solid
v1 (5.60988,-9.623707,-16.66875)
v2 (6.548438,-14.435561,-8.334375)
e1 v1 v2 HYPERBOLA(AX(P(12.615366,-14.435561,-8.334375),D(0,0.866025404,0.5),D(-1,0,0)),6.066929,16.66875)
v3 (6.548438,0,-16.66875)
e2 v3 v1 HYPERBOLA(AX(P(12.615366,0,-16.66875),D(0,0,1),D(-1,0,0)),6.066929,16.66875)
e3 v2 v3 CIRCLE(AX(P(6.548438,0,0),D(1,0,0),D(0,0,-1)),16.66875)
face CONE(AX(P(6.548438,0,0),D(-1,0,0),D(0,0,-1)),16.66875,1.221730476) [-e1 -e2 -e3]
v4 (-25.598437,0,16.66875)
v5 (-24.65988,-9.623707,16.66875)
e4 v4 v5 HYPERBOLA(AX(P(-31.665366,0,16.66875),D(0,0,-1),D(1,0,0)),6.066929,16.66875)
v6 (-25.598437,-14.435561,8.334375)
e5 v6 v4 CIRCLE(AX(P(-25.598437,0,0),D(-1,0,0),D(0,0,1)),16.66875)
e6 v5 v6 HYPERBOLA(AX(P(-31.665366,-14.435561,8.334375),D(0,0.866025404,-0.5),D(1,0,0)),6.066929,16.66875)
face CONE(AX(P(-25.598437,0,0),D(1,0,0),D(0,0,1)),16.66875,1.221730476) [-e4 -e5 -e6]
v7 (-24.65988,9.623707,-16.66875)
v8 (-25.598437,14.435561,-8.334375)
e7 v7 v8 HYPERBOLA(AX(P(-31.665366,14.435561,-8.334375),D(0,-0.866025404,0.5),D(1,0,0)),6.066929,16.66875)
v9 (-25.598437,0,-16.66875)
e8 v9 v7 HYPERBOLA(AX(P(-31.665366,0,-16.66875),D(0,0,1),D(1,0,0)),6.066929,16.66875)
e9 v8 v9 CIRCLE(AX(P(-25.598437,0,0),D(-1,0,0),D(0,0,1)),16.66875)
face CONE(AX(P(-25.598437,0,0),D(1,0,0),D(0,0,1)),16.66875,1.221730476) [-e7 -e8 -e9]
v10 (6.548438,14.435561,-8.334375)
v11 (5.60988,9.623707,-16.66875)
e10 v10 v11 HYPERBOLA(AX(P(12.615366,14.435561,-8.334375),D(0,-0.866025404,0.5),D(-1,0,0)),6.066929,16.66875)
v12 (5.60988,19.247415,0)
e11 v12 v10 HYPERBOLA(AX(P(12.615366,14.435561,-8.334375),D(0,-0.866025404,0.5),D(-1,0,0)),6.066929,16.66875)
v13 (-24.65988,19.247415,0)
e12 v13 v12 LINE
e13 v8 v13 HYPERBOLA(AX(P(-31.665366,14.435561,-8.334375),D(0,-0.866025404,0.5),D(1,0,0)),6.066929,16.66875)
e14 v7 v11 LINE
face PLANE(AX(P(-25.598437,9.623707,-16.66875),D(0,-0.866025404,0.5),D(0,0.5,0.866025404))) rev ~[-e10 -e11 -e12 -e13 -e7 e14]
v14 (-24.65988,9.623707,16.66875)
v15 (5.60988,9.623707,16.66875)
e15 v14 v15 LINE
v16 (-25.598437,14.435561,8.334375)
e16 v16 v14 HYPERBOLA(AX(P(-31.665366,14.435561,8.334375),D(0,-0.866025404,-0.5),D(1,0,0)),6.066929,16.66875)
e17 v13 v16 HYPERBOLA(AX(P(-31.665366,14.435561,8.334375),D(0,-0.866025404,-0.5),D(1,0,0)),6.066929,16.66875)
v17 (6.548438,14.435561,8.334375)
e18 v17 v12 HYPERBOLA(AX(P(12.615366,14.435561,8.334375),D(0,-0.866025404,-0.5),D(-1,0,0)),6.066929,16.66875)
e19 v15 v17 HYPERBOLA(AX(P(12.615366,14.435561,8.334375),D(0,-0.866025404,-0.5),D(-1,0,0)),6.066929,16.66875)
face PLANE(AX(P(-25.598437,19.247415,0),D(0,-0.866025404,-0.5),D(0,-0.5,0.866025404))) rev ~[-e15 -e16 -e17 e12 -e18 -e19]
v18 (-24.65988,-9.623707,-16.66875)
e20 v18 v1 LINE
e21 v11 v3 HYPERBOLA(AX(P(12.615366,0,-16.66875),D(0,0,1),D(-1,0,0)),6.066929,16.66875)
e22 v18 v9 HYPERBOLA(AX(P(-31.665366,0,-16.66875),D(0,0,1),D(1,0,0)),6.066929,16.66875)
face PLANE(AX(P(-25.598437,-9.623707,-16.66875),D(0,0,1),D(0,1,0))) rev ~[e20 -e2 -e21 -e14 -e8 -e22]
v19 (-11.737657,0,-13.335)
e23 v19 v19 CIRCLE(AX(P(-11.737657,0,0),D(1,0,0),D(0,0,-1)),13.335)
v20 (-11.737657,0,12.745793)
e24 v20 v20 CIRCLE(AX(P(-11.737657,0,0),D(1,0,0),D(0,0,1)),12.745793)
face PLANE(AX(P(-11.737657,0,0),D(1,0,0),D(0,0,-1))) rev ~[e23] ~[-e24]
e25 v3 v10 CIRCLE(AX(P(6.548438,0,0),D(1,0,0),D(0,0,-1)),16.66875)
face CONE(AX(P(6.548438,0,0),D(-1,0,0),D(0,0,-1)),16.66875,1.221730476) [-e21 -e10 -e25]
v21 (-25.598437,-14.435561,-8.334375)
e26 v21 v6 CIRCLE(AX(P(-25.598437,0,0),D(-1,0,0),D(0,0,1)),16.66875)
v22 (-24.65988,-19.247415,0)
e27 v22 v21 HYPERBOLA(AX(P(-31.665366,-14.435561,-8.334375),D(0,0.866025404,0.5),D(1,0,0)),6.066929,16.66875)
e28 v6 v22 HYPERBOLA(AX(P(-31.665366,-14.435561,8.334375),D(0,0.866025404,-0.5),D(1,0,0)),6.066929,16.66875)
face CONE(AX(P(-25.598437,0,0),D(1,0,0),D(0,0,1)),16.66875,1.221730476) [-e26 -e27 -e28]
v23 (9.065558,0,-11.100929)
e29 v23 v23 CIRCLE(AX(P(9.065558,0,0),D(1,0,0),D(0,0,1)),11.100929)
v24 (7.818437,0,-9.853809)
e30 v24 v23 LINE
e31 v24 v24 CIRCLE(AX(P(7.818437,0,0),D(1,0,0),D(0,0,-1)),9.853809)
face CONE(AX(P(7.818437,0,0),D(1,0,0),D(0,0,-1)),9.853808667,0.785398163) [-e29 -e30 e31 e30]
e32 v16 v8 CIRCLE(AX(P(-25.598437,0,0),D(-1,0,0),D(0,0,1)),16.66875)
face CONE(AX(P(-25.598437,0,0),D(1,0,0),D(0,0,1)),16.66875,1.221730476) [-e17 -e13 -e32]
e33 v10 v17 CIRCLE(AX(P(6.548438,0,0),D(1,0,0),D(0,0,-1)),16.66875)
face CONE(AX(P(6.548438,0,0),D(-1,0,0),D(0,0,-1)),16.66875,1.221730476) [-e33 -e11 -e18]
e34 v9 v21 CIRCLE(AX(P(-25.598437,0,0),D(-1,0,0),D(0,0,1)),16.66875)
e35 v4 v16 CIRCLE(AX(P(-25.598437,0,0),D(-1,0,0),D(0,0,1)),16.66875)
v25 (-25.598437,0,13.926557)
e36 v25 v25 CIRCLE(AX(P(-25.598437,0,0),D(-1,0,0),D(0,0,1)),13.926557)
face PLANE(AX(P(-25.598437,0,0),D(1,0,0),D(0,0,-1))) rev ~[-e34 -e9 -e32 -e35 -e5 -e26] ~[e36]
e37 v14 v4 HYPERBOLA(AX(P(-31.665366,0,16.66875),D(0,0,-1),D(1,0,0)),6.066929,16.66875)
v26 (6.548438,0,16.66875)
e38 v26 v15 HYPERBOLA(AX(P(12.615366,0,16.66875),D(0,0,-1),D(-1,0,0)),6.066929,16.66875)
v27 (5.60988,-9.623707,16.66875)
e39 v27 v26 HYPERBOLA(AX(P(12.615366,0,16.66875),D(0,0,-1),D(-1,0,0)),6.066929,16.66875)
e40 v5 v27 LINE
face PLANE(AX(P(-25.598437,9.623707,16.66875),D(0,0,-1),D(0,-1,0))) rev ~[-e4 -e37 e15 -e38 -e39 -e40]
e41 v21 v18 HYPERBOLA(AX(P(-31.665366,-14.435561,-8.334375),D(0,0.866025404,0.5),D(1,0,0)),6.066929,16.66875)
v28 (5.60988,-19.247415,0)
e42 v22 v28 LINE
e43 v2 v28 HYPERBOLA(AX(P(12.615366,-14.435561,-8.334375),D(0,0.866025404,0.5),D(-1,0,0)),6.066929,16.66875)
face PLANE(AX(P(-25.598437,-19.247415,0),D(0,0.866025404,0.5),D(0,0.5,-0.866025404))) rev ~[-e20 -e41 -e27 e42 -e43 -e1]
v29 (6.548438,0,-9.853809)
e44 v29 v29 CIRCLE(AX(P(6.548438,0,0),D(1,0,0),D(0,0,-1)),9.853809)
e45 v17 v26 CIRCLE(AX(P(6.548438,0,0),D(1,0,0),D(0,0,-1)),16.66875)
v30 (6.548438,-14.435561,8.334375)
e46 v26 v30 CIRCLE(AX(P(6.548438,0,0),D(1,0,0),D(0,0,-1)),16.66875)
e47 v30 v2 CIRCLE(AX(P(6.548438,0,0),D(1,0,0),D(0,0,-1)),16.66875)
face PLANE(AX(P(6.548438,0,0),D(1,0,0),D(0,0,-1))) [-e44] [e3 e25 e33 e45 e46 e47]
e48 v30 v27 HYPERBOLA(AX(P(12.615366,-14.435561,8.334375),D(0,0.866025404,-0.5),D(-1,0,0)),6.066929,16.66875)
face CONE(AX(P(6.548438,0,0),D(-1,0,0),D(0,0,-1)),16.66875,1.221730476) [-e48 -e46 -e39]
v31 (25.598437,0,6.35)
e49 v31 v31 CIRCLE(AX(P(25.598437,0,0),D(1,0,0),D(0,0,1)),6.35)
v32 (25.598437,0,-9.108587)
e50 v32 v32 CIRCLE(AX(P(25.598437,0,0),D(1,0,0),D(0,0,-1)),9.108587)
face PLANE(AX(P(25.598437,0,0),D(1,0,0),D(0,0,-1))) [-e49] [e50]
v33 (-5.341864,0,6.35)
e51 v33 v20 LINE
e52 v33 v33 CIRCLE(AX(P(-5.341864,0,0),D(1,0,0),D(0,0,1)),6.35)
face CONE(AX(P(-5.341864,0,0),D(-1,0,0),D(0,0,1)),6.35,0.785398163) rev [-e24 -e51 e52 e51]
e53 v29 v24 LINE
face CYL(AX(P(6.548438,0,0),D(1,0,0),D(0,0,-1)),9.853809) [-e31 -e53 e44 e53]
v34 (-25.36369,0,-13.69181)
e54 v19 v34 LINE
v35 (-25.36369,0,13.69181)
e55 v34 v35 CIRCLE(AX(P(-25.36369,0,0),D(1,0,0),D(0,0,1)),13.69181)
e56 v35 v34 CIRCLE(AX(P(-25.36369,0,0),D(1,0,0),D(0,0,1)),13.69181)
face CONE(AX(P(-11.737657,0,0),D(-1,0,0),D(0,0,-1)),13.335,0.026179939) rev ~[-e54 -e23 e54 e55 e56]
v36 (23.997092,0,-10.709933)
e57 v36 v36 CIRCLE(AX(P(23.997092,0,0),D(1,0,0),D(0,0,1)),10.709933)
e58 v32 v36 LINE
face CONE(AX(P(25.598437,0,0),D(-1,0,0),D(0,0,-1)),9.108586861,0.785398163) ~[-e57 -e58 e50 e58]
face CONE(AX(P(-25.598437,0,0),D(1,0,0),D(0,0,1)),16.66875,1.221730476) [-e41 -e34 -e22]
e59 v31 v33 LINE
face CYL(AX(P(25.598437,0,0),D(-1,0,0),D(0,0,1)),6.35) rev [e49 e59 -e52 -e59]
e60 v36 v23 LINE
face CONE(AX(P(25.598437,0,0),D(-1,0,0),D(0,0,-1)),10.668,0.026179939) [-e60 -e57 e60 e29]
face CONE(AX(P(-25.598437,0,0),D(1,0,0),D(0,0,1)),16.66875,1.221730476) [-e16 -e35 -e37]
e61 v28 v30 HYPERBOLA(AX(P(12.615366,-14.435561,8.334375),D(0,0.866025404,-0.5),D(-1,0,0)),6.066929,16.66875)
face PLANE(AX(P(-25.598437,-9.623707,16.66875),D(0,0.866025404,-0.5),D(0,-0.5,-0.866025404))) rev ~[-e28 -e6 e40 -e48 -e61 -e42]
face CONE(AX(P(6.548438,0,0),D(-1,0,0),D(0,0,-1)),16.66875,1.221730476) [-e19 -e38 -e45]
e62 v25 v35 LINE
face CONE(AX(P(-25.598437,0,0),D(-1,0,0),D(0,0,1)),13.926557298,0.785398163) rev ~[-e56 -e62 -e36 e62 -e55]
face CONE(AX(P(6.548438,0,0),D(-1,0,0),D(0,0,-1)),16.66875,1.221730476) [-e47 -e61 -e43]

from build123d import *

# Parameters (mm, degrees)
EXTRUDE1_DEPTH     = 32.146875
SKETCH3_OUTSIDE_W  = 278.22
SKETCH3_OUTSIDE_H  = 283.376
SKETCH3_OUTSIDE_R  = 16.66875
CUT_EXTRUDE1_DEPTH = 42.008923024
CUT_EXTRUDE1_DRAFT = -70
SKETCH4_OUTSIDE_W  = 278.22
SKETCH4_OUTSIDE_H  = 283.376
SKETCH4_OUTSIDE_R  = 16.66875
CUT_EXTRUDE2_DEPTH = 42.008923024
CUT_EXTRUDE2_DRAFT = -70
SKETCH5_R          = 10.668
EXTRUDE2_DEPTH     = 19.05
EXTRUDE2_DRAFT     = 1.5
SKETCH7_R          = 13.335
CUT_EXTRUDE4_DEPTH = 46.191749083
CUT_EXTRUDE4_DRAFT = 1.5
SKETCH12_W         = 6.35
SKETCH12_H         = 19.247414599
SKETCH15_R         = 13.926557298
CUT_EXTRUDE7_DEPTH = 5.08
CUT_EXTRUDE7_DRAFT = -45


with BuildPart() as part:
    # Sketch2 → Extrude1 (new body)
    with BuildSketch(Plane(origin=(-25.5984375, 0, 0), x_dir=(0, 0, -1), z_dir=(1, 0, 0))):
        Polygon((0, 19.247414599), (-16.66875, 9.6237073), (-16.66875, -9.6237073), (0, -19.247414599), (16.66875, -9.6237073), (16.66875, 9.6237073), align=None)
    extrude(amount=EXTRUDE1_DEPTH)


with BuildPart() as cut_extrude1_tool:
    # Sketch3 outside → Cut-Extrude1 (with draft: the straight prism first)
    with BuildSketch(Plane(origin=(6.5484375, 0, 0), x_dir=(0, 0, -1), z_dir=(1, 0, 0))):
        Rectangle(SKETCH3_OUTSIDE_W, SKETCH3_OUTSIDE_H)
        Circle(SKETCH3_OUTSIDE_R, mode=Mode.SUBTRACT)
    extrude(amount=-CUT_EXTRUDE1_DEPTH)
    # Cut-Extrude1: the draft: its side faces are tilted about the plane it starts from
    cut_extrude1_sides = [cut_extrude1_tool.faces().sort_by_distance(p)[0] for p in [
        (-14.456024012, -141.688, 0),
        (-14.456024012, 0, -139.11),
        (-14.456024012, 141.688, 0),
        (-14.456024012, 0, 139.11),
        (-14.456024012, 0, 16.66875),
    ]]
    draft(cut_extrude1_sides, Plane(origin=(6.5484375, 0, 0), x_dir=(0, 0, -1), z_dir=(1, 0, 0)), CUT_EXTRUDE1_DRAFT)


with BuildPart() as part_1:
    add(part.part)

    # Cut-Extrude1: cut by cut_extrude1_tool
    add(cut_extrude1_tool.part, mode=Mode.SUBTRACT)


with BuildPart() as cut_extrude2_tool:
    # Sketch4 outside → Cut-Extrude2 (with draft: the straight prism first)
    with BuildSketch(Plane.ZY.offset(25.5984375)):
        Rectangle(SKETCH4_OUTSIDE_W, SKETCH4_OUTSIDE_H)
        Circle(SKETCH4_OUTSIDE_R, mode=Mode.SUBTRACT)
    extrude(amount=-CUT_EXTRUDE2_DEPTH)
    # Cut-Extrude2: the draft: its side faces are tilted about the plane it starts from
    cut_extrude2_sides = [cut_extrude2_tool.faces().sort_by_distance(p)[0] for p in [
        (-4.593975988, -141.688, 0),
        (-4.593975988, 0, 139.11),
        (-4.593975988, 141.688, 0),
        (-4.593975988, 0, -139.11),
        (-4.593975988, 0, -16.66875),
    ]]
    draft(cut_extrude2_sides, Plane.ZY.offset(25.5984375), CUT_EXTRUDE2_DRAFT)


with BuildPart() as part_2:
    add(part_1.part)

    # Cut-Extrude2: cut by cut_extrude2_tool
    add(cut_extrude2_tool.part, mode=Mode.SUBTRACT)


with BuildPart() as body_2:
    # Sketch5 → Extrude2 (with draft: the straight prism first)
    with BuildSketch(Plane(origin=(25.5984375, 0, 0), x_dir=(0, 0, -1), z_dir=(1, 0, 0))):
        Circle(SKETCH5_R)
    extrude(amount=-EXTRUDE2_DEPTH)
    # Extrude2: the draft: its side faces are tilted about the plane it starts from
    extrude2_sides = [body_2.faces().sort_by_distance(p)[0] for p in [
        (16.0734375, 0, 10.668),
    ]]
    draft(extrude2_sides, Plane(origin=(25.5984375, 0, 0), x_dir=(0, 0, -1), z_dir=(1, 0, 0)), EXTRUDE2_DRAFT)

    # Sketch17 → Cut-Revolve2 (revolve, cut)
    with BuildSketch(Plane.XY, mode=Mode.PRIVATE) as cut_revolve2_sk:
        Polygon((25.5984375, 10.979645334), (25.5984375, 9.108586861), (23.727379027, 10.979645334), align=None)
        Polygon((6.5484375, 9.853808667), (7.8184375, 9.853808667), (9.325274167, 11.360645334), (6.5484375, 11.360645334), align=None)
    revolve(cut_revolve2_sk.sketch.rotate(Axis((-25.5984375, 0, 0), (1, 0, 0)), 270), axis=Axis((-25.5984375, 0, 0), (1, 0, 0)), mode=Mode.SUBTRACT)


with BuildPart() as cut_extrude4_tool:
    # Sketch7 → Cut-Extrude4 (with draft: the straight prism first)
    with BuildSketch(Plane(origin=(-11.7376575, 0, 0), x_dir=(0, 0, -1), z_dir=(1, 0, 0))):
        Circle(SKETCH7_R)
    extrude(amount=-CUT_EXTRUDE4_DEPTH)
    # Cut-Extrude4: the draft: its side faces are tilted about the plane it starts from
    cut_extrude4_sides = [cut_extrude4_tool.faces().sort_by_distance(p)[0] for p in [
        (-34.833532041, 0, 13.335),
    ]]
    draft(cut_extrude4_sides, Plane(origin=(-11.7376575, 0, 0), x_dir=(0, 0, -1), z_dir=(1, 0, 0)), CUT_EXTRUDE4_DRAFT)


with BuildPart() as part_3:
    add(part_2.part)

    # Cut-Extrude4: cut by cut_extrude4_tool
    add(cut_extrude4_tool.part, mode=Mode.SUBTRACT)


with BuildPart() as body_2_1:
    add(body_2.part)

    # Combine1: union part
    add(part_3.part)

    # Sketch12 → Cut-Revolve1 (revolve, cut)
    with BuildSketch(Plane.XY, mode=Mode.PRIVATE) as cut_revolve1_sk:
        Polygon((-11.7376575, 12.745793431), (-11.7376575, 0), (25.5984375, 0), (25.5984375, 6.35), (-5.341864069, 6.35), align=None)
        with Locations((-28.7734375, 9.6237073)):
            Rectangle(SKETCH12_W, SKETCH12_H)
    revolve(cut_revolve1_sk.sketch.rotate(Axis((-25.5984375, 0, 0), (1, 0, 0)), 90), axis=Axis((-25.5984375, 0, 0), (1, 0, 0)), mode=Mode.SUBTRACT)


with BuildPart() as cut_extrude7_tool:
    # Sketch15 → Cut-Extrude7 (with draft: the straight prism first)
    with BuildSketch(Plane.ZY.offset(25.5984375)):
        Circle(SKETCH15_R)
    extrude(amount=-CUT_EXTRUDE7_DEPTH)
    # Cut-Extrude7: the draft: its side faces are tilted about the plane it starts from
    cut_extrude7_sides = [cut_extrude7_tool.faces().sort_by_distance(p)[0] for p in [
        (-23.0584375, 0, -13.926557298),
    ]]
    draft(cut_extrude7_sides, Plane.ZY.offset(25.5984375), CUT_EXTRUDE7_DRAFT)


with BuildPart() as body_2_2:
    add(body_2_1.part)

    # Cut-Extrude7: cut by cut_extrude7_tool
    add(cut_extrude7_tool.part, mode=Mode.SUBTRACT)


solid = body_2_2.part
